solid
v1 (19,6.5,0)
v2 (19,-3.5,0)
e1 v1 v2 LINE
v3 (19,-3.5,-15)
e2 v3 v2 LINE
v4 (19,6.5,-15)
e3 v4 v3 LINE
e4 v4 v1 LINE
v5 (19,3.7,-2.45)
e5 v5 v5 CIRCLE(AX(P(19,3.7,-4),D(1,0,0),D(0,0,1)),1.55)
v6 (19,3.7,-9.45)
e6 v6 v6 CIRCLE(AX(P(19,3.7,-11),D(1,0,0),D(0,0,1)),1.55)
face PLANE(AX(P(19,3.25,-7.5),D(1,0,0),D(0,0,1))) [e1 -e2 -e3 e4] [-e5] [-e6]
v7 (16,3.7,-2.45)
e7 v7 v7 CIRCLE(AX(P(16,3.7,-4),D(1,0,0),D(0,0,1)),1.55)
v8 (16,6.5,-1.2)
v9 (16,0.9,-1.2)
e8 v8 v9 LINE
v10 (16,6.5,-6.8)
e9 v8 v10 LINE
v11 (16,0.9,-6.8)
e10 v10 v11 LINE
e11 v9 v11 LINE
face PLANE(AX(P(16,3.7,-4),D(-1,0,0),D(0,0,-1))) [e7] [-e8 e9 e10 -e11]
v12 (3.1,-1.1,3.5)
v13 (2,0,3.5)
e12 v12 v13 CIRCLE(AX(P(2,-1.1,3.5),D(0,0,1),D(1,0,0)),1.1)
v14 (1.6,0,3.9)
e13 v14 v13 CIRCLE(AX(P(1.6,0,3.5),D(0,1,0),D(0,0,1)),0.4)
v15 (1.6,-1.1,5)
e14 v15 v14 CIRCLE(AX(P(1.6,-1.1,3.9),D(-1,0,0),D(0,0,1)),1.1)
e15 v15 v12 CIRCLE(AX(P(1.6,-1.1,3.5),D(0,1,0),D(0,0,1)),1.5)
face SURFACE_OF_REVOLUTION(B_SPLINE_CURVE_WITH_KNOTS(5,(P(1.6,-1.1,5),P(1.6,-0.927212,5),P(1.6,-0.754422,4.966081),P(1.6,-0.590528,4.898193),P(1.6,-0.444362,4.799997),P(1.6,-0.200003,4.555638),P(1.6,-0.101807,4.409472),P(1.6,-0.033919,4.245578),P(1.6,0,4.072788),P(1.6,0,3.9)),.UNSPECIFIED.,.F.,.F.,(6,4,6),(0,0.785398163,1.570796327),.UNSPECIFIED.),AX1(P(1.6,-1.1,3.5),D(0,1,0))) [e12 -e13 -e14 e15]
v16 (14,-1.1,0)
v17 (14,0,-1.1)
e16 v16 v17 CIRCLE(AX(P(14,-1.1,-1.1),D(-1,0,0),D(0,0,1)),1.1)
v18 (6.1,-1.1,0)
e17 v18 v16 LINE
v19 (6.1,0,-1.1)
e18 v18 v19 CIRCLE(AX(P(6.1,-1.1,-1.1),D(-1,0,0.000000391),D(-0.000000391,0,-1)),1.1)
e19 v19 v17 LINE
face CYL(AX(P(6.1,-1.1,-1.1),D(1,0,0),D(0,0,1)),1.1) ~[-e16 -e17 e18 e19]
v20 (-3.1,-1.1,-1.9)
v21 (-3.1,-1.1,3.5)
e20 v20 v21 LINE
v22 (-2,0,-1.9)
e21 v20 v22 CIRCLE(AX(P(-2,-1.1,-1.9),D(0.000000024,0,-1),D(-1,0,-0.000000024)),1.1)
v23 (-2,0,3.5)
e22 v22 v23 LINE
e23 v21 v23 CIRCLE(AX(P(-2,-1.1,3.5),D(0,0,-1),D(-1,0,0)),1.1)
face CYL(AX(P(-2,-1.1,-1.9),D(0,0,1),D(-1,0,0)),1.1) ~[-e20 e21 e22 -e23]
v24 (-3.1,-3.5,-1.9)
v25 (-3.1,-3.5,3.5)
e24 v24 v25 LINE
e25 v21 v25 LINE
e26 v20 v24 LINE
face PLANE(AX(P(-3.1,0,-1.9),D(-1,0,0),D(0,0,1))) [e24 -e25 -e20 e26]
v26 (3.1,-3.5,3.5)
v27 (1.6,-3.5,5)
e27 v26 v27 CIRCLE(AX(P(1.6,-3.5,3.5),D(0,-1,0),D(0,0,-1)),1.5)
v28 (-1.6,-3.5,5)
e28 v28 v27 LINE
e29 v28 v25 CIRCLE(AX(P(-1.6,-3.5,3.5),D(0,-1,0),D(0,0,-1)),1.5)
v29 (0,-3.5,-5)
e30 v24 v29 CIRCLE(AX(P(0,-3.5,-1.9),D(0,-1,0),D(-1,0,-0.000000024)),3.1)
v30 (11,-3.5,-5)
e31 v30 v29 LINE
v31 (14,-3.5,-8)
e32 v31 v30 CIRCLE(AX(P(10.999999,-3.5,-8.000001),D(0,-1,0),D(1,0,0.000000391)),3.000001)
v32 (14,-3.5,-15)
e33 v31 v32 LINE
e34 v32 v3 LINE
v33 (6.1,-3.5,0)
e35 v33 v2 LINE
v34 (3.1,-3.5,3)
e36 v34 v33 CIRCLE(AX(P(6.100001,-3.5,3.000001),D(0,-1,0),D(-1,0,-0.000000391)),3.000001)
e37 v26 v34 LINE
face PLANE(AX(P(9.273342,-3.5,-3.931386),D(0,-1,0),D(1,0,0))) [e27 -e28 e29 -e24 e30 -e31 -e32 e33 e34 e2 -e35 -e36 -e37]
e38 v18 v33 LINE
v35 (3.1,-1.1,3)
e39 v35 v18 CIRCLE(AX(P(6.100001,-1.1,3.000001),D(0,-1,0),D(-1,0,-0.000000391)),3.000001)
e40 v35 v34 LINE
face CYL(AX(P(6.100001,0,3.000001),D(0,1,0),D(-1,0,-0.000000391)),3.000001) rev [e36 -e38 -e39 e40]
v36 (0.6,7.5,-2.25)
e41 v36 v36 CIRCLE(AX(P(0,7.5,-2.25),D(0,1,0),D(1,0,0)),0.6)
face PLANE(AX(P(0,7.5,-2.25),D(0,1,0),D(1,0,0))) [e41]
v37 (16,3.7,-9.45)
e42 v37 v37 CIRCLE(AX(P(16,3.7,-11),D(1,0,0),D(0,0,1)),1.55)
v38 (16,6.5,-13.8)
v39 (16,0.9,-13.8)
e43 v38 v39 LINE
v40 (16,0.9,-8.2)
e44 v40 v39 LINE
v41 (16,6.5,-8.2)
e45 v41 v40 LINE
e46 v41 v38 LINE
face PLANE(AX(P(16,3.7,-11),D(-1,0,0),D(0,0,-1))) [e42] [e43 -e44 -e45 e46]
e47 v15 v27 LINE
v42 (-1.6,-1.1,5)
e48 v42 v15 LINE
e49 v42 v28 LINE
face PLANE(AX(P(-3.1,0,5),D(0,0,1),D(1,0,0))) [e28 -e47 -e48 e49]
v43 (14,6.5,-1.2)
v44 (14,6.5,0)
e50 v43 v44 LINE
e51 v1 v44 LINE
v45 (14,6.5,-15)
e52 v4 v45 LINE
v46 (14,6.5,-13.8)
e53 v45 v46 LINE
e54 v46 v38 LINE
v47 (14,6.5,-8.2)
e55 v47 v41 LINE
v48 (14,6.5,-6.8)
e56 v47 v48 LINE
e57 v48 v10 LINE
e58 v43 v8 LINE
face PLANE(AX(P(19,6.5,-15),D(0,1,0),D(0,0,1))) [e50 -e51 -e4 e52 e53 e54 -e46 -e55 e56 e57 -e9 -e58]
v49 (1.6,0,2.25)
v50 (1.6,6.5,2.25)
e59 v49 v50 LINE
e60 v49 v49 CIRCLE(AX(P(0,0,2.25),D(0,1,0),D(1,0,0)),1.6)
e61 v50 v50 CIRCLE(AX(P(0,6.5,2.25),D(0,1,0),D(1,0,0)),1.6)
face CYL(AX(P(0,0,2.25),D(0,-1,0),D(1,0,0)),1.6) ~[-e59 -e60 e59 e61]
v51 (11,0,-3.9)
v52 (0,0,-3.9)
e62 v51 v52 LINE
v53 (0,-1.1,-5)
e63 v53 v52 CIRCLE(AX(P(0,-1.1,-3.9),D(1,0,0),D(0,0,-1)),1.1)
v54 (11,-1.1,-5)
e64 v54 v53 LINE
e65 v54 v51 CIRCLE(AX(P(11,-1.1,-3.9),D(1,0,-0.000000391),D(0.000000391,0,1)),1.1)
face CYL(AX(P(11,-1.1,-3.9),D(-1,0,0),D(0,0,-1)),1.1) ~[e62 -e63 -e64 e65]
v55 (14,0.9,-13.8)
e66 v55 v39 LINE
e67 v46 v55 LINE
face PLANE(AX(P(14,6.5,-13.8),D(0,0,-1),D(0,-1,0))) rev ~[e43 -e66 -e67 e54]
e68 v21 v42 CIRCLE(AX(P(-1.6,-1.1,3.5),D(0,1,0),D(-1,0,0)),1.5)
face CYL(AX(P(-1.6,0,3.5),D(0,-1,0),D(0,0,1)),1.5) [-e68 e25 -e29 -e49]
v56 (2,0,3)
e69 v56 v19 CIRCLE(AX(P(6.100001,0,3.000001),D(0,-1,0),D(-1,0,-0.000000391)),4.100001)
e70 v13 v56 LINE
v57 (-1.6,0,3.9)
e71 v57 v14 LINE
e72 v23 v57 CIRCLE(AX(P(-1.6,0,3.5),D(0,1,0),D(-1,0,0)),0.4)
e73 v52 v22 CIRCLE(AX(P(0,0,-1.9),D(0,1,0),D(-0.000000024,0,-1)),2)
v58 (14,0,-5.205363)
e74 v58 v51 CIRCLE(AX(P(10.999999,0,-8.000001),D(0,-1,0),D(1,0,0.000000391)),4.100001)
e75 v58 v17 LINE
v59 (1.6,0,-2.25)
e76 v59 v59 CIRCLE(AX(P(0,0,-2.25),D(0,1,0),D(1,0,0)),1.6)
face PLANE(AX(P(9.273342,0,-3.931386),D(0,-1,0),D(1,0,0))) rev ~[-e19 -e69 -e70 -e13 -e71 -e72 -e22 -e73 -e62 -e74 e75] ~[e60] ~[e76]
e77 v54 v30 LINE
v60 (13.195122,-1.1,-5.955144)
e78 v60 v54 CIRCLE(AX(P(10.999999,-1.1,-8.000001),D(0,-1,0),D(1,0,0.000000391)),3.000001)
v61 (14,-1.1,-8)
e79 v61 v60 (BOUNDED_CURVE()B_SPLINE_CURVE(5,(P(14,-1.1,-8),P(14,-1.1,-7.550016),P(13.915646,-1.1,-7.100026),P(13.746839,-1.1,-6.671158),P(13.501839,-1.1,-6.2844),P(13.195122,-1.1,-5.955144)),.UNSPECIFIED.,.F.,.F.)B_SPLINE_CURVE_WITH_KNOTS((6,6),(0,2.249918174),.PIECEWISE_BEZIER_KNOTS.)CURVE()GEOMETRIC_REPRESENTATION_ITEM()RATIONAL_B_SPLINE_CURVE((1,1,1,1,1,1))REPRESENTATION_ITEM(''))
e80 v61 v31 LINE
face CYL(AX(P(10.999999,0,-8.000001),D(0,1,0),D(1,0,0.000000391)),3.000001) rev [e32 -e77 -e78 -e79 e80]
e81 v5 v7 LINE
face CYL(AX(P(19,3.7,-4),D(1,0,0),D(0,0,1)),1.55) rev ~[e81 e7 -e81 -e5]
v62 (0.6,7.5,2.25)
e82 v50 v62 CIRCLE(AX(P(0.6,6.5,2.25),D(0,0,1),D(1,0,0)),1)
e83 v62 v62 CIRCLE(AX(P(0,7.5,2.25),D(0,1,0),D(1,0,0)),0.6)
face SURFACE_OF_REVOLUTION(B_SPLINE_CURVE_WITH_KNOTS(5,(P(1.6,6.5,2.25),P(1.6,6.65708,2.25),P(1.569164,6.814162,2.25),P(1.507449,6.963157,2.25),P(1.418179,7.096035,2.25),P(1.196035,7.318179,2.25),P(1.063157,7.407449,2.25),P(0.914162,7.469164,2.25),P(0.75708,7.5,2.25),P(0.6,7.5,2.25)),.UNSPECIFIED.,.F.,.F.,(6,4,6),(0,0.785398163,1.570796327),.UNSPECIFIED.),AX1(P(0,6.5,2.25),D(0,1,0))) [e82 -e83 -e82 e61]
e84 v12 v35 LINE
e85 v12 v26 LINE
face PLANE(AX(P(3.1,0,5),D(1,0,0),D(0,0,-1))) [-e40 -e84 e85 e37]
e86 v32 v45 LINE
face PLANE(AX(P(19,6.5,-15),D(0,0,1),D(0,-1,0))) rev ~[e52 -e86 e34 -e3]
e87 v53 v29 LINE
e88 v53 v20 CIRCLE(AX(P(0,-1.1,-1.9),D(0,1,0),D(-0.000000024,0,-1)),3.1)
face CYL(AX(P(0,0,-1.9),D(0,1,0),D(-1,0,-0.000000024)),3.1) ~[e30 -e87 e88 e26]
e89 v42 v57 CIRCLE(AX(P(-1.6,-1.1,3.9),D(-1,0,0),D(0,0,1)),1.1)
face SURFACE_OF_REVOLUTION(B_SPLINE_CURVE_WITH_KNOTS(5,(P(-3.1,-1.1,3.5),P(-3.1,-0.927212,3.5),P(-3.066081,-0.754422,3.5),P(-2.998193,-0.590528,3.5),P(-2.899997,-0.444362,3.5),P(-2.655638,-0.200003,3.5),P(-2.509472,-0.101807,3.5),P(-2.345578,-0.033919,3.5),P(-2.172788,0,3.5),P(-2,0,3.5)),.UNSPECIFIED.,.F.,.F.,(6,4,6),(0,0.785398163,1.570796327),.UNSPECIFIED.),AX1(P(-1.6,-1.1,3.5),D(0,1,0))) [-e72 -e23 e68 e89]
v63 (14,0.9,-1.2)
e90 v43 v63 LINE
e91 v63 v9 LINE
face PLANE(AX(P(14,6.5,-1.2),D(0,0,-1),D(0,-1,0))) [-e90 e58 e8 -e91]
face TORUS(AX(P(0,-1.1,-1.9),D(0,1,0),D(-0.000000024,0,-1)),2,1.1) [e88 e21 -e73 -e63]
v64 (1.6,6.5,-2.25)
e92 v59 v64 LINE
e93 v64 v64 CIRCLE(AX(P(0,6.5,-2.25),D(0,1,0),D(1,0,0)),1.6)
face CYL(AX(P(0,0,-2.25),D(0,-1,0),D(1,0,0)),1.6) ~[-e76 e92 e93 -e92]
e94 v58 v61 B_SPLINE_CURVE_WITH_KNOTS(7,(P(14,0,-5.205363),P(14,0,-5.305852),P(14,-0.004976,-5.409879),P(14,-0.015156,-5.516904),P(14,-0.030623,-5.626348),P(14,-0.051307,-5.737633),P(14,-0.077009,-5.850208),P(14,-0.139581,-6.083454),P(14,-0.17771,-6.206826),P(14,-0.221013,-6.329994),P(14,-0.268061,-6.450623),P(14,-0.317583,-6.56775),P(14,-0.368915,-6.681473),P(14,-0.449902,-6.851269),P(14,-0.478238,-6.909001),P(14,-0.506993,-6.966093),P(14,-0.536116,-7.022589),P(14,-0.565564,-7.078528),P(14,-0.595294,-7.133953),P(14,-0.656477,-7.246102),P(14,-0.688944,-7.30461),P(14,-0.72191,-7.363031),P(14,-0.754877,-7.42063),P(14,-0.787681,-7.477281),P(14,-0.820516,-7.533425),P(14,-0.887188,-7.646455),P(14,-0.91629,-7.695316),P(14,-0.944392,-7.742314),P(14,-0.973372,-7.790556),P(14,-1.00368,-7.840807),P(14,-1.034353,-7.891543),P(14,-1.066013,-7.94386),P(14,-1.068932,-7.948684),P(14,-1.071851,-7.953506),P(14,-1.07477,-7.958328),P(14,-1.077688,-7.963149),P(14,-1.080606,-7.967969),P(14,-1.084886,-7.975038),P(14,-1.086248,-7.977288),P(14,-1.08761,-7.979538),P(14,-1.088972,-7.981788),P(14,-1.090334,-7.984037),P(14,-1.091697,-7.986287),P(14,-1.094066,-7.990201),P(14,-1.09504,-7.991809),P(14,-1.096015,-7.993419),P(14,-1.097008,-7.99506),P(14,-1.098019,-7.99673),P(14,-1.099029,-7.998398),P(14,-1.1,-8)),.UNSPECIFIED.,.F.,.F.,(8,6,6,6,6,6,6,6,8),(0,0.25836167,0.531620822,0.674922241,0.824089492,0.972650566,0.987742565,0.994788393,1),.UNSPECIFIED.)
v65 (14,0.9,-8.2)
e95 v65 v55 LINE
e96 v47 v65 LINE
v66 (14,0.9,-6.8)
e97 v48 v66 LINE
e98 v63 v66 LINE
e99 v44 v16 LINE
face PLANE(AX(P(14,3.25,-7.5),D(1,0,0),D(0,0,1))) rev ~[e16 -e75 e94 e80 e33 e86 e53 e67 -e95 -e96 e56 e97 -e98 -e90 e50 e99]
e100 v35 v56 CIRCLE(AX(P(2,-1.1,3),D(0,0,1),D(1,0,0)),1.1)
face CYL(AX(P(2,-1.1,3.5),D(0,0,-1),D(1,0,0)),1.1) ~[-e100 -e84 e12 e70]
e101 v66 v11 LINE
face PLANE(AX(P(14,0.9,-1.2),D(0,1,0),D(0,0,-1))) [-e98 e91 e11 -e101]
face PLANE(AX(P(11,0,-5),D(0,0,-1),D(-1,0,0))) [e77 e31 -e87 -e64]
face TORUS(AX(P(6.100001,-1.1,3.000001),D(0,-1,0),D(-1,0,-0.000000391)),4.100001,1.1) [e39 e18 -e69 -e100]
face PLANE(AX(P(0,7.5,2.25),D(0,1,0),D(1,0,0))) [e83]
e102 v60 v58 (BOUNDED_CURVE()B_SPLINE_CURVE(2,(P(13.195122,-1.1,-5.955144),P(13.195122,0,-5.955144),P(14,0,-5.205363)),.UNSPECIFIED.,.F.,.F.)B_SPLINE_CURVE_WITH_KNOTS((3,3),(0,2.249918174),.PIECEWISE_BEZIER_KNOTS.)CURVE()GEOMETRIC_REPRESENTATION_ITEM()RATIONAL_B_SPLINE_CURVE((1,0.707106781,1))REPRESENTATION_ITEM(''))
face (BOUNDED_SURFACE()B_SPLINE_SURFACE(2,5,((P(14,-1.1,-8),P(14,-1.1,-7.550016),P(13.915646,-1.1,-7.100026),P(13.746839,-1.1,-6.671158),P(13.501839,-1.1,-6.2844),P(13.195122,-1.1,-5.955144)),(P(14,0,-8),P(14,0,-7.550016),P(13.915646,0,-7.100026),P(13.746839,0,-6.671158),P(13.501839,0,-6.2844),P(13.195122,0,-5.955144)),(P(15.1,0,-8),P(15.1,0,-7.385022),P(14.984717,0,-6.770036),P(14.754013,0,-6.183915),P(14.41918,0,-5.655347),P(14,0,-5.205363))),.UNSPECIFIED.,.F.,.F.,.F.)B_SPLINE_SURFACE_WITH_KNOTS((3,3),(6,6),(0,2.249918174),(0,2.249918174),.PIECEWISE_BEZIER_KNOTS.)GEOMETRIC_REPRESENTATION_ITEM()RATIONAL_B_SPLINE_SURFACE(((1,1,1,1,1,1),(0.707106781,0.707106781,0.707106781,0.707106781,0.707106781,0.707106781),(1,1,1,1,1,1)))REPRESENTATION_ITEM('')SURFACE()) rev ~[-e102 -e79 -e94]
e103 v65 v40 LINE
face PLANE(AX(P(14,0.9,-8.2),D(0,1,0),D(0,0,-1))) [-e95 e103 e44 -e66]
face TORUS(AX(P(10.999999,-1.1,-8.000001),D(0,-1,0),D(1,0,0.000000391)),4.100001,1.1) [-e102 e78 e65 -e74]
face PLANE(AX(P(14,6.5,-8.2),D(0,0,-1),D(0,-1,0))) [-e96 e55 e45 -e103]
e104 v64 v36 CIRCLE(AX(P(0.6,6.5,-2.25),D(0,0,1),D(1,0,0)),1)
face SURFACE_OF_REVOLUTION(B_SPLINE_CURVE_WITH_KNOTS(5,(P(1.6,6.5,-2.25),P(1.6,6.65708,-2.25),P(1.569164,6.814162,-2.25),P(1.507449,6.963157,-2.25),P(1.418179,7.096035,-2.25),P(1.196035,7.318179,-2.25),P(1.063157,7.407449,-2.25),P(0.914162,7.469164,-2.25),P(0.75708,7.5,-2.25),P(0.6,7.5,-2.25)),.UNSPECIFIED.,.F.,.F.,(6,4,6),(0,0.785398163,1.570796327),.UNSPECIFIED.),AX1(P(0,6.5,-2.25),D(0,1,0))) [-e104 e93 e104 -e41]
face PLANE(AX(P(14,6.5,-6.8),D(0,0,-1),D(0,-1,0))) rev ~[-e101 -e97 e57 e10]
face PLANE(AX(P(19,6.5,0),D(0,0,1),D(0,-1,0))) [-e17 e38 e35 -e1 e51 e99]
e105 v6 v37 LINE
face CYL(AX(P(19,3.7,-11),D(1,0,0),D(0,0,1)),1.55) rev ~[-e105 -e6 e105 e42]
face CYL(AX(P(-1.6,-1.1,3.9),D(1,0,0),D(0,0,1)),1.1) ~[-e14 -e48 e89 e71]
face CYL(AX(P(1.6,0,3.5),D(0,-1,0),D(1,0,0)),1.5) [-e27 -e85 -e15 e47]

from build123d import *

# Parameters (mm, degrees)
PAD_DEPTH    = 3.5
SKETCH001_W  = 15
SKETCH001_H  = 6.5
SKETCH001_R  = 1.55
PAD001_DEPTH = 5
SKETCH002_W  = 5.6
SKETCH002_H  = 5.6
POCKET_DEPTH = 2
SKETCH003_R  = 1.6
PAD002_DEPTH = 7.5
FILLET_R     = 1.5
FILLET001_R  = 1.1
FILLET002_R  = 1


with BuildPart() as part:
    # Sketch → Pad (new body)
    with BuildSketch(Plane.XZ):
        with BuildLine():
            Line((14, -8), (14, -15))
            Line((14, -15), (19, -15))
            Line((19, -15), (19, 0))
            Line((6.1, 0), (19, 0))
            ThreePointArc((3.1, 3), (3.97868, 0.87868), (6.1, 0))
            Line((3.1, 5), (3.1, 3))
            Line((-3.1, 5), (3.1, 5))
            Line((-3.1, -1.9), (-3.1, 5))
            ThreePointArc((-3.1, -1.9), (-2.192031, -4.092031), (0, -5))
            Line((11, -5), (0, -5))
            ThreePointArc((14, -8), (13.12132, -5.87868), (11, -5))
        make_face()
    extrude(amount=PAD_DEPTH)

    # Sketch001 (on Face4 of Pad) → Pad001 (join)
    with BuildSketch(Plane(origin=(19, 0, 0), x_dir=(0, 0, 1), z_dir=(1, 0, 0))):
        with Locations((-7.5, -3.25)):
            Rectangle(SKETCH001_W, SKETCH001_H)
        with Locations((-4, -3.7)):
            Circle(SKETCH001_R, mode=Mode.SUBTRACT)
        with Locations((-11, -3.7)):
            Circle(SKETCH001_R, mode=Mode.SUBTRACT)
    extrude(amount=-PAD001_DEPTH)

    # Sketch002 (on Face10 of Pad001) → Pocket (cut)
    with BuildSketch(Plane(origin=(14, 0, 0), x_dir=(0, 0, -1), z_dir=(-1, 0, 0))):
        with Locations((4, -3.7)):
            Rectangle(SKETCH002_W, SKETCH002_H)
        with Locations((11, -3.7)):
            Rectangle(SKETCH002_W, SKETCH002_H)
    extrude(amount=-POCKET_DEPTH, mode=Mode.SUBTRACT)

    # Sketch003 (on Face4 of Pocket) → Pad002 (join)
    with BuildSketch(Plane(origin=(0, 0, 0), x_dir=(1, 0, 0), z_dir=(0, 1, 0))):
        with Locations((0, 2.25)):
            Circle(SKETCH003_R)
        with Locations((0, -2.25)):
            Circle(SKETCH003_R)
    extrude(amount=PAD002_DEPTH)

    # Fillet
    fillet_edges = [part.edges().sort_by_distance(p)[0] for p in [
        (-3.1, -1.75, 5),
        (3.1, -1.75, 5),
    ]]
    fillet(fillet_edges, radius=FILLET_R)

    # Fillet001
    fillet001_edges = [part.edges().sort_by_distance(p)[0] for p in [
        (10.05, 0, 0),
        (3.97868, 0, 0.87868),
        (3.1, 0, 3.25),
        (2.66066, 0, 4.56066),
        (0, 0, 5),
        (-2.66066, 0, 4.56066),
        (-3.1, 0, 0.8),
        (-2.192031, 0, -4.092031),
        (5.5, 0, -5),
        (13.12132, 0, -5.87868),
    ]]
    fillet(fillet001_edges, radius=FILLET001_R)

    # Fillet002
    fillet002_edges = [part.edges().sort_by_distance(p)[0] for p in [
        (-1.6, 7.5, 2.25),
        (-1.6, 7.5, -2.25),
    ]]
    fillet(fillet002_edges, radius=FILLET002_R)


solid = part.part
